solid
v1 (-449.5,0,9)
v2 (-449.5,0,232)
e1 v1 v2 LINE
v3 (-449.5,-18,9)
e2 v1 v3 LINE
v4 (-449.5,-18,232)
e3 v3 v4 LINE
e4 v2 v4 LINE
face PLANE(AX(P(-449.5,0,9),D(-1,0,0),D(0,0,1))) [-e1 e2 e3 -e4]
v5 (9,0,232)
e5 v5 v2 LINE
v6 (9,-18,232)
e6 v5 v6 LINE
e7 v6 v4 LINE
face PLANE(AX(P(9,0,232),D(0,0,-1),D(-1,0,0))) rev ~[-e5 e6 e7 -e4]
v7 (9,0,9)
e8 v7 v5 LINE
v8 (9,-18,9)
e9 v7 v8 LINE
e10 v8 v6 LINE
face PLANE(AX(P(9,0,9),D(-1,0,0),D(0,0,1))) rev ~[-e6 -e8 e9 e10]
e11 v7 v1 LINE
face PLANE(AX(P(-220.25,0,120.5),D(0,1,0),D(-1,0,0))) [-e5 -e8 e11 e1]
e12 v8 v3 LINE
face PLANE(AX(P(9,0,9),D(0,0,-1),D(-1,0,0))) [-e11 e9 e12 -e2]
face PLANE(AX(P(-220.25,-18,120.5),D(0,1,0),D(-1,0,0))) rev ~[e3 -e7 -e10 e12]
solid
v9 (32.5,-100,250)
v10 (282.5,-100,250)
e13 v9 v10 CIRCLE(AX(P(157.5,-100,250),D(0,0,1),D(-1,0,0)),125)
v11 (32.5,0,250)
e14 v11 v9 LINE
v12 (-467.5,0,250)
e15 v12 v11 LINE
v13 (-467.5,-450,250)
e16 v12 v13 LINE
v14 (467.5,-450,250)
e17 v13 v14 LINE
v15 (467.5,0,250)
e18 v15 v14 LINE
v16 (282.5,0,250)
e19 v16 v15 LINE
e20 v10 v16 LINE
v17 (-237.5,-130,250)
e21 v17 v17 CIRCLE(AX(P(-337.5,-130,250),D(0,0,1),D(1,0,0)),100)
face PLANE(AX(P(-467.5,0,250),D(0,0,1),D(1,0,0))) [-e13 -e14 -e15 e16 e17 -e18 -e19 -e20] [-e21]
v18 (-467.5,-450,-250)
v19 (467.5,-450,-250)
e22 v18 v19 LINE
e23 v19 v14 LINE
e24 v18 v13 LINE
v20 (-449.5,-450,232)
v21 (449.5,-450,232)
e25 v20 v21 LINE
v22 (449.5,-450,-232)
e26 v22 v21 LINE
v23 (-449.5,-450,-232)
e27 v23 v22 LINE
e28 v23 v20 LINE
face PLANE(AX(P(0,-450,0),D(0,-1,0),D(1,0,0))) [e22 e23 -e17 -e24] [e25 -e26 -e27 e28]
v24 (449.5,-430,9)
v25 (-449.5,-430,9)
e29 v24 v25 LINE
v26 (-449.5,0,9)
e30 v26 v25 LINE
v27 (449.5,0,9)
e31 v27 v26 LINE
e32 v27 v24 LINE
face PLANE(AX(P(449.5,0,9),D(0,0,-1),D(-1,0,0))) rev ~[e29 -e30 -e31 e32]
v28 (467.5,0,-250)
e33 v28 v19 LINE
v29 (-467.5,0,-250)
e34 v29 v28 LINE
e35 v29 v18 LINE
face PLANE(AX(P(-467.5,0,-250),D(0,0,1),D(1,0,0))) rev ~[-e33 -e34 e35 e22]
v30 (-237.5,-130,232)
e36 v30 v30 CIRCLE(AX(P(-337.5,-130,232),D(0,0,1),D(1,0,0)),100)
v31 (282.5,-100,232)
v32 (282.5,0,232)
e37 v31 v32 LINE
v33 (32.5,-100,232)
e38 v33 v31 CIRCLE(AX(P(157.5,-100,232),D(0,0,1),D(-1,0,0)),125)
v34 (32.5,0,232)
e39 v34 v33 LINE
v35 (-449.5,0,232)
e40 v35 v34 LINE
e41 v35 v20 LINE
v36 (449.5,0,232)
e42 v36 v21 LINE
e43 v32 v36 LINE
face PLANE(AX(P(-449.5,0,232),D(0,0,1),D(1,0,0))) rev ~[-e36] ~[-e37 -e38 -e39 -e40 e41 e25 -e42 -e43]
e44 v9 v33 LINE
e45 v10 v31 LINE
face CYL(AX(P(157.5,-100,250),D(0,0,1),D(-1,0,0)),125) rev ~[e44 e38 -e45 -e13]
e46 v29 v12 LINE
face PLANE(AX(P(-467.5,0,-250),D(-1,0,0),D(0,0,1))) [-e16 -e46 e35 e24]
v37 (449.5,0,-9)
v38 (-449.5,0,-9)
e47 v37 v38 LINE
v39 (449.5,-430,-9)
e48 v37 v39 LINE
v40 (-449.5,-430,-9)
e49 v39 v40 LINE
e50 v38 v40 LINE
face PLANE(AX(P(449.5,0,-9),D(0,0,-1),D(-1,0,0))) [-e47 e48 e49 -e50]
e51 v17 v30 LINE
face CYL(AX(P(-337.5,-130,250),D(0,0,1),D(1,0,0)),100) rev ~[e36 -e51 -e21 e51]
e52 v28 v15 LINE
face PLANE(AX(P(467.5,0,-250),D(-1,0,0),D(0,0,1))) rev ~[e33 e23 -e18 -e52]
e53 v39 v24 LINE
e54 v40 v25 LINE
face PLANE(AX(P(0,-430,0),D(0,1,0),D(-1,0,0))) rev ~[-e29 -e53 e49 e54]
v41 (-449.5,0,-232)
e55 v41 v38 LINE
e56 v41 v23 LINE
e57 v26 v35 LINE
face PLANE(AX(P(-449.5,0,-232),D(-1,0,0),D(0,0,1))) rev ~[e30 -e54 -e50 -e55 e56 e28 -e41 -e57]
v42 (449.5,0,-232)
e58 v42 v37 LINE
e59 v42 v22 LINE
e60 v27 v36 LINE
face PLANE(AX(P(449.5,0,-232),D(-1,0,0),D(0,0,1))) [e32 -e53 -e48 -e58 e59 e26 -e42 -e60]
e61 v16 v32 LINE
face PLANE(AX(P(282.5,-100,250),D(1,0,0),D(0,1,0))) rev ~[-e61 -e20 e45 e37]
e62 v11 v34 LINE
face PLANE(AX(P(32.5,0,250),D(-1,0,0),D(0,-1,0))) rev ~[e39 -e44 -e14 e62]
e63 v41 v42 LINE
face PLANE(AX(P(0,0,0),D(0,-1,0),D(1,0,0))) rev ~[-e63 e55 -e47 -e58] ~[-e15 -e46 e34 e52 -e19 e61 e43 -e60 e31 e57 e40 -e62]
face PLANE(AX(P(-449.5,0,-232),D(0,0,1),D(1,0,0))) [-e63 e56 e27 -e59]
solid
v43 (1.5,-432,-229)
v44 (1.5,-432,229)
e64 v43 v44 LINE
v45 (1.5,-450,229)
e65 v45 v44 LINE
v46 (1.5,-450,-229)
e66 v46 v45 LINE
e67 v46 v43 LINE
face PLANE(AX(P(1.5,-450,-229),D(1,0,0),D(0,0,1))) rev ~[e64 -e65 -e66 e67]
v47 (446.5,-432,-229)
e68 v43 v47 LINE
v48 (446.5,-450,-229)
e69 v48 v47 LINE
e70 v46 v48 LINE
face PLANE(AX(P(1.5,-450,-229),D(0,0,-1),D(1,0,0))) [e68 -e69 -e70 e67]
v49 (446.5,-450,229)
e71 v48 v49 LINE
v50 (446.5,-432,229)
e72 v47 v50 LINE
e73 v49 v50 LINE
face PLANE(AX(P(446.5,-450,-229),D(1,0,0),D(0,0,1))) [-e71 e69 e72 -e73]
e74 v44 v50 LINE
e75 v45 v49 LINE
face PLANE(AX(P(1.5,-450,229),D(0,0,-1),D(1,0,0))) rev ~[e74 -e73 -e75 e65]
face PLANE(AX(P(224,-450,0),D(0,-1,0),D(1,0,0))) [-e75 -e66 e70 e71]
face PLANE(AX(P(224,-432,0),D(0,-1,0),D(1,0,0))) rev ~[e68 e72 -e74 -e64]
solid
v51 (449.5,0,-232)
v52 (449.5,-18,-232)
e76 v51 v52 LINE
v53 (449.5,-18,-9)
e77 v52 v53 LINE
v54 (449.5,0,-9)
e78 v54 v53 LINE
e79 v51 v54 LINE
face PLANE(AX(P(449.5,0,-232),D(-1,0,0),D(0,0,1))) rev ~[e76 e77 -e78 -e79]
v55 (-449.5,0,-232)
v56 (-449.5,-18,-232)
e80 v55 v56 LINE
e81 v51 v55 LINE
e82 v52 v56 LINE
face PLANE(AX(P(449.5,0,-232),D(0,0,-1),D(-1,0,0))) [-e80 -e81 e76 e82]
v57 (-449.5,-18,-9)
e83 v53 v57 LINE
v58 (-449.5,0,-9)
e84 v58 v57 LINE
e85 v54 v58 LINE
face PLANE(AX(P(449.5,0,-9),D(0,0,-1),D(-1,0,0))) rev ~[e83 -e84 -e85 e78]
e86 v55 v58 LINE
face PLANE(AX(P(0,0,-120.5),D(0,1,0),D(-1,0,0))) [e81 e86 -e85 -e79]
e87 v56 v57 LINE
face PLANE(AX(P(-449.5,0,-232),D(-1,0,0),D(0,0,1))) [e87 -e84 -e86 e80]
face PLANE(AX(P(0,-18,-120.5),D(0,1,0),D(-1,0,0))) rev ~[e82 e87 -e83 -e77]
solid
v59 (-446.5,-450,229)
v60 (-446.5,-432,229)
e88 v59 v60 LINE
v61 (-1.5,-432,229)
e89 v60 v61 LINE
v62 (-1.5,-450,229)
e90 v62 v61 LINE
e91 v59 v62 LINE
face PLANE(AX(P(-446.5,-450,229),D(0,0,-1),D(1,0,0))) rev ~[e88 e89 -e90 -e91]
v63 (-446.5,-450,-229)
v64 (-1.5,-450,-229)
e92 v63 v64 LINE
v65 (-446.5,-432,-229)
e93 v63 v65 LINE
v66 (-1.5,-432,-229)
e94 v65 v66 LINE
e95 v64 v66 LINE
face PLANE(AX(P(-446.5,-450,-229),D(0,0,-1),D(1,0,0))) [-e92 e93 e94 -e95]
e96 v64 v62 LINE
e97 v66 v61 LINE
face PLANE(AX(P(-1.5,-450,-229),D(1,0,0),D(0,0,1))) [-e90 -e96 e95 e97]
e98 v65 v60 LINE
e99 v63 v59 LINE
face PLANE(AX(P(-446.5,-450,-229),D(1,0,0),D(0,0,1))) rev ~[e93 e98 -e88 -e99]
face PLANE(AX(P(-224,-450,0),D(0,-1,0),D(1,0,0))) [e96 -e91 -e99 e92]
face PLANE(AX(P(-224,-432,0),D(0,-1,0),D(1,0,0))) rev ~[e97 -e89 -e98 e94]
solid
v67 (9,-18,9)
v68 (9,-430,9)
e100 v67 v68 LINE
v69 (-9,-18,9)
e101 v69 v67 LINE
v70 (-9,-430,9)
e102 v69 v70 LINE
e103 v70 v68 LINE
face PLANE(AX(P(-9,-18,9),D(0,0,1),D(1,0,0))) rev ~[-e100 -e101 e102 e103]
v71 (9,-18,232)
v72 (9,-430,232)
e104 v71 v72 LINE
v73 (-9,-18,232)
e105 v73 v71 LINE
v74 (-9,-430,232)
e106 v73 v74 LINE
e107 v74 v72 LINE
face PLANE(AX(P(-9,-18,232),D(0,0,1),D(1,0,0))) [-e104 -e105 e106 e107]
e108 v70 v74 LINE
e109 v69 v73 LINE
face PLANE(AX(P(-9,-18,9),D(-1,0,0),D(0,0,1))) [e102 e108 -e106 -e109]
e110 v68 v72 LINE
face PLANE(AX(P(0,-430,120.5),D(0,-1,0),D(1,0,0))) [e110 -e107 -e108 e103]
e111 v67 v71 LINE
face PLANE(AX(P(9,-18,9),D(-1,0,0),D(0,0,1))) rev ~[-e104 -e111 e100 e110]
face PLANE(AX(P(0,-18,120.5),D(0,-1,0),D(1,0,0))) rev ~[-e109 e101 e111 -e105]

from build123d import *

# Parameters (mm, degrees)
F0_W      = 935
F0_H      = 500
F0_W_2    = 899
F0_H_2    = 464
F1_DEPTH  = 450
F2_W      = 899
F2_H      = 18
F3_DEPTH  = 430
F4_R      = 100
F5_DEPTH  = 18
F7_DEPTH  = 18
F8_W      = 445
F8_H      = 458
F9_DEPTH  = 18
F10_W     = 899
F10_H     = 223
F10_W_2   = 458.5
F11_DEPTH = 18
F12_W     = 18
F12_H     = 223
F13_DEPTH = 412


with BuildPart() as f1:
    # F0 (on Front) → F1 (new body)
    with BuildSketch(Plane.XZ):
        Rectangle(F0_W, F0_H)
        Rectangle(F0_W_2, F0_H_2, mode=Mode.SUBTRACT)
    extrude(amount=F1_DEPTH)

    # F2 (on face) → F3 (join)
    with BuildSketch(Plane(origin=(0, 0, 0), x_dir=(-1, 0, 0), z_dir=(0, 1, 0))):
        Rectangle(F2_W, F2_H)
    extrude(amount=-F3_DEPTH)

    # F4 (on face) → F5 (cut, through all)
    with BuildSketch(Plane.XY.offset(250)):
        with Locations((-337.5, -130)):
            Circle(F4_R)
    extrude(amount=-F5_DEPTH, mode=Mode.SUBTRACT)

    # F6 (on face) → F7 (cut, through all)
    with BuildSketch(Plane.XY.offset(250)):
        with BuildLine():
            Line((282.5, 0), (32.5, 0))
            Line((32.5, 0), (32.5, -60))
            Line((32.5, -60), (32.5, -100))
            ThreePointArc((32.5, -100), (157.5, -225), (282.5, -100))
            Line((282.5, -100), (282.5, -60))
            Line((282.5, -60), (282.5, 0))
        make_face()
    extrude(amount=-F7_DEPTH, mode=Mode.SUBTRACT)


with BuildPart() as f9:
    # F8 (on face) → F9 (new body)
    with BuildSketch(Plane.XZ.offset(450)):
        with Locations((224, 0)):
            Rectangle(F8_W, F8_H)
        with Locations((-224, 0)):
            Rectangle(F8_W, F8_H)
    extrude(amount=-F9_DEPTH)


with BuildPart() as f11:
    # F10 (on face) → F11 (new body)
    with BuildSketch(Plane(origin=(0, 0, 0), x_dir=(-1, 0, 0), z_dir=(0, 1, 0))):
        with Locations((0, -120.5)):
            Rectangle(F10_W, F10_H)
        with Locations((220.25, 120.5)):
            Rectangle(F10_W_2, F10_H)
    extrude(amount=-F11_DEPTH)


with BuildPart() as f13:
    # F12 (on face) → F13 (new body, through all)
    with BuildSketch(Plane.XZ.offset(18)):
        with Locations((0, 120.5)):
            Rectangle(F12_W, F12_H)
    extrude(amount=F13_DEPTH)


solid = Compound([f1.part, f9.part, f11.part, f13.part])
